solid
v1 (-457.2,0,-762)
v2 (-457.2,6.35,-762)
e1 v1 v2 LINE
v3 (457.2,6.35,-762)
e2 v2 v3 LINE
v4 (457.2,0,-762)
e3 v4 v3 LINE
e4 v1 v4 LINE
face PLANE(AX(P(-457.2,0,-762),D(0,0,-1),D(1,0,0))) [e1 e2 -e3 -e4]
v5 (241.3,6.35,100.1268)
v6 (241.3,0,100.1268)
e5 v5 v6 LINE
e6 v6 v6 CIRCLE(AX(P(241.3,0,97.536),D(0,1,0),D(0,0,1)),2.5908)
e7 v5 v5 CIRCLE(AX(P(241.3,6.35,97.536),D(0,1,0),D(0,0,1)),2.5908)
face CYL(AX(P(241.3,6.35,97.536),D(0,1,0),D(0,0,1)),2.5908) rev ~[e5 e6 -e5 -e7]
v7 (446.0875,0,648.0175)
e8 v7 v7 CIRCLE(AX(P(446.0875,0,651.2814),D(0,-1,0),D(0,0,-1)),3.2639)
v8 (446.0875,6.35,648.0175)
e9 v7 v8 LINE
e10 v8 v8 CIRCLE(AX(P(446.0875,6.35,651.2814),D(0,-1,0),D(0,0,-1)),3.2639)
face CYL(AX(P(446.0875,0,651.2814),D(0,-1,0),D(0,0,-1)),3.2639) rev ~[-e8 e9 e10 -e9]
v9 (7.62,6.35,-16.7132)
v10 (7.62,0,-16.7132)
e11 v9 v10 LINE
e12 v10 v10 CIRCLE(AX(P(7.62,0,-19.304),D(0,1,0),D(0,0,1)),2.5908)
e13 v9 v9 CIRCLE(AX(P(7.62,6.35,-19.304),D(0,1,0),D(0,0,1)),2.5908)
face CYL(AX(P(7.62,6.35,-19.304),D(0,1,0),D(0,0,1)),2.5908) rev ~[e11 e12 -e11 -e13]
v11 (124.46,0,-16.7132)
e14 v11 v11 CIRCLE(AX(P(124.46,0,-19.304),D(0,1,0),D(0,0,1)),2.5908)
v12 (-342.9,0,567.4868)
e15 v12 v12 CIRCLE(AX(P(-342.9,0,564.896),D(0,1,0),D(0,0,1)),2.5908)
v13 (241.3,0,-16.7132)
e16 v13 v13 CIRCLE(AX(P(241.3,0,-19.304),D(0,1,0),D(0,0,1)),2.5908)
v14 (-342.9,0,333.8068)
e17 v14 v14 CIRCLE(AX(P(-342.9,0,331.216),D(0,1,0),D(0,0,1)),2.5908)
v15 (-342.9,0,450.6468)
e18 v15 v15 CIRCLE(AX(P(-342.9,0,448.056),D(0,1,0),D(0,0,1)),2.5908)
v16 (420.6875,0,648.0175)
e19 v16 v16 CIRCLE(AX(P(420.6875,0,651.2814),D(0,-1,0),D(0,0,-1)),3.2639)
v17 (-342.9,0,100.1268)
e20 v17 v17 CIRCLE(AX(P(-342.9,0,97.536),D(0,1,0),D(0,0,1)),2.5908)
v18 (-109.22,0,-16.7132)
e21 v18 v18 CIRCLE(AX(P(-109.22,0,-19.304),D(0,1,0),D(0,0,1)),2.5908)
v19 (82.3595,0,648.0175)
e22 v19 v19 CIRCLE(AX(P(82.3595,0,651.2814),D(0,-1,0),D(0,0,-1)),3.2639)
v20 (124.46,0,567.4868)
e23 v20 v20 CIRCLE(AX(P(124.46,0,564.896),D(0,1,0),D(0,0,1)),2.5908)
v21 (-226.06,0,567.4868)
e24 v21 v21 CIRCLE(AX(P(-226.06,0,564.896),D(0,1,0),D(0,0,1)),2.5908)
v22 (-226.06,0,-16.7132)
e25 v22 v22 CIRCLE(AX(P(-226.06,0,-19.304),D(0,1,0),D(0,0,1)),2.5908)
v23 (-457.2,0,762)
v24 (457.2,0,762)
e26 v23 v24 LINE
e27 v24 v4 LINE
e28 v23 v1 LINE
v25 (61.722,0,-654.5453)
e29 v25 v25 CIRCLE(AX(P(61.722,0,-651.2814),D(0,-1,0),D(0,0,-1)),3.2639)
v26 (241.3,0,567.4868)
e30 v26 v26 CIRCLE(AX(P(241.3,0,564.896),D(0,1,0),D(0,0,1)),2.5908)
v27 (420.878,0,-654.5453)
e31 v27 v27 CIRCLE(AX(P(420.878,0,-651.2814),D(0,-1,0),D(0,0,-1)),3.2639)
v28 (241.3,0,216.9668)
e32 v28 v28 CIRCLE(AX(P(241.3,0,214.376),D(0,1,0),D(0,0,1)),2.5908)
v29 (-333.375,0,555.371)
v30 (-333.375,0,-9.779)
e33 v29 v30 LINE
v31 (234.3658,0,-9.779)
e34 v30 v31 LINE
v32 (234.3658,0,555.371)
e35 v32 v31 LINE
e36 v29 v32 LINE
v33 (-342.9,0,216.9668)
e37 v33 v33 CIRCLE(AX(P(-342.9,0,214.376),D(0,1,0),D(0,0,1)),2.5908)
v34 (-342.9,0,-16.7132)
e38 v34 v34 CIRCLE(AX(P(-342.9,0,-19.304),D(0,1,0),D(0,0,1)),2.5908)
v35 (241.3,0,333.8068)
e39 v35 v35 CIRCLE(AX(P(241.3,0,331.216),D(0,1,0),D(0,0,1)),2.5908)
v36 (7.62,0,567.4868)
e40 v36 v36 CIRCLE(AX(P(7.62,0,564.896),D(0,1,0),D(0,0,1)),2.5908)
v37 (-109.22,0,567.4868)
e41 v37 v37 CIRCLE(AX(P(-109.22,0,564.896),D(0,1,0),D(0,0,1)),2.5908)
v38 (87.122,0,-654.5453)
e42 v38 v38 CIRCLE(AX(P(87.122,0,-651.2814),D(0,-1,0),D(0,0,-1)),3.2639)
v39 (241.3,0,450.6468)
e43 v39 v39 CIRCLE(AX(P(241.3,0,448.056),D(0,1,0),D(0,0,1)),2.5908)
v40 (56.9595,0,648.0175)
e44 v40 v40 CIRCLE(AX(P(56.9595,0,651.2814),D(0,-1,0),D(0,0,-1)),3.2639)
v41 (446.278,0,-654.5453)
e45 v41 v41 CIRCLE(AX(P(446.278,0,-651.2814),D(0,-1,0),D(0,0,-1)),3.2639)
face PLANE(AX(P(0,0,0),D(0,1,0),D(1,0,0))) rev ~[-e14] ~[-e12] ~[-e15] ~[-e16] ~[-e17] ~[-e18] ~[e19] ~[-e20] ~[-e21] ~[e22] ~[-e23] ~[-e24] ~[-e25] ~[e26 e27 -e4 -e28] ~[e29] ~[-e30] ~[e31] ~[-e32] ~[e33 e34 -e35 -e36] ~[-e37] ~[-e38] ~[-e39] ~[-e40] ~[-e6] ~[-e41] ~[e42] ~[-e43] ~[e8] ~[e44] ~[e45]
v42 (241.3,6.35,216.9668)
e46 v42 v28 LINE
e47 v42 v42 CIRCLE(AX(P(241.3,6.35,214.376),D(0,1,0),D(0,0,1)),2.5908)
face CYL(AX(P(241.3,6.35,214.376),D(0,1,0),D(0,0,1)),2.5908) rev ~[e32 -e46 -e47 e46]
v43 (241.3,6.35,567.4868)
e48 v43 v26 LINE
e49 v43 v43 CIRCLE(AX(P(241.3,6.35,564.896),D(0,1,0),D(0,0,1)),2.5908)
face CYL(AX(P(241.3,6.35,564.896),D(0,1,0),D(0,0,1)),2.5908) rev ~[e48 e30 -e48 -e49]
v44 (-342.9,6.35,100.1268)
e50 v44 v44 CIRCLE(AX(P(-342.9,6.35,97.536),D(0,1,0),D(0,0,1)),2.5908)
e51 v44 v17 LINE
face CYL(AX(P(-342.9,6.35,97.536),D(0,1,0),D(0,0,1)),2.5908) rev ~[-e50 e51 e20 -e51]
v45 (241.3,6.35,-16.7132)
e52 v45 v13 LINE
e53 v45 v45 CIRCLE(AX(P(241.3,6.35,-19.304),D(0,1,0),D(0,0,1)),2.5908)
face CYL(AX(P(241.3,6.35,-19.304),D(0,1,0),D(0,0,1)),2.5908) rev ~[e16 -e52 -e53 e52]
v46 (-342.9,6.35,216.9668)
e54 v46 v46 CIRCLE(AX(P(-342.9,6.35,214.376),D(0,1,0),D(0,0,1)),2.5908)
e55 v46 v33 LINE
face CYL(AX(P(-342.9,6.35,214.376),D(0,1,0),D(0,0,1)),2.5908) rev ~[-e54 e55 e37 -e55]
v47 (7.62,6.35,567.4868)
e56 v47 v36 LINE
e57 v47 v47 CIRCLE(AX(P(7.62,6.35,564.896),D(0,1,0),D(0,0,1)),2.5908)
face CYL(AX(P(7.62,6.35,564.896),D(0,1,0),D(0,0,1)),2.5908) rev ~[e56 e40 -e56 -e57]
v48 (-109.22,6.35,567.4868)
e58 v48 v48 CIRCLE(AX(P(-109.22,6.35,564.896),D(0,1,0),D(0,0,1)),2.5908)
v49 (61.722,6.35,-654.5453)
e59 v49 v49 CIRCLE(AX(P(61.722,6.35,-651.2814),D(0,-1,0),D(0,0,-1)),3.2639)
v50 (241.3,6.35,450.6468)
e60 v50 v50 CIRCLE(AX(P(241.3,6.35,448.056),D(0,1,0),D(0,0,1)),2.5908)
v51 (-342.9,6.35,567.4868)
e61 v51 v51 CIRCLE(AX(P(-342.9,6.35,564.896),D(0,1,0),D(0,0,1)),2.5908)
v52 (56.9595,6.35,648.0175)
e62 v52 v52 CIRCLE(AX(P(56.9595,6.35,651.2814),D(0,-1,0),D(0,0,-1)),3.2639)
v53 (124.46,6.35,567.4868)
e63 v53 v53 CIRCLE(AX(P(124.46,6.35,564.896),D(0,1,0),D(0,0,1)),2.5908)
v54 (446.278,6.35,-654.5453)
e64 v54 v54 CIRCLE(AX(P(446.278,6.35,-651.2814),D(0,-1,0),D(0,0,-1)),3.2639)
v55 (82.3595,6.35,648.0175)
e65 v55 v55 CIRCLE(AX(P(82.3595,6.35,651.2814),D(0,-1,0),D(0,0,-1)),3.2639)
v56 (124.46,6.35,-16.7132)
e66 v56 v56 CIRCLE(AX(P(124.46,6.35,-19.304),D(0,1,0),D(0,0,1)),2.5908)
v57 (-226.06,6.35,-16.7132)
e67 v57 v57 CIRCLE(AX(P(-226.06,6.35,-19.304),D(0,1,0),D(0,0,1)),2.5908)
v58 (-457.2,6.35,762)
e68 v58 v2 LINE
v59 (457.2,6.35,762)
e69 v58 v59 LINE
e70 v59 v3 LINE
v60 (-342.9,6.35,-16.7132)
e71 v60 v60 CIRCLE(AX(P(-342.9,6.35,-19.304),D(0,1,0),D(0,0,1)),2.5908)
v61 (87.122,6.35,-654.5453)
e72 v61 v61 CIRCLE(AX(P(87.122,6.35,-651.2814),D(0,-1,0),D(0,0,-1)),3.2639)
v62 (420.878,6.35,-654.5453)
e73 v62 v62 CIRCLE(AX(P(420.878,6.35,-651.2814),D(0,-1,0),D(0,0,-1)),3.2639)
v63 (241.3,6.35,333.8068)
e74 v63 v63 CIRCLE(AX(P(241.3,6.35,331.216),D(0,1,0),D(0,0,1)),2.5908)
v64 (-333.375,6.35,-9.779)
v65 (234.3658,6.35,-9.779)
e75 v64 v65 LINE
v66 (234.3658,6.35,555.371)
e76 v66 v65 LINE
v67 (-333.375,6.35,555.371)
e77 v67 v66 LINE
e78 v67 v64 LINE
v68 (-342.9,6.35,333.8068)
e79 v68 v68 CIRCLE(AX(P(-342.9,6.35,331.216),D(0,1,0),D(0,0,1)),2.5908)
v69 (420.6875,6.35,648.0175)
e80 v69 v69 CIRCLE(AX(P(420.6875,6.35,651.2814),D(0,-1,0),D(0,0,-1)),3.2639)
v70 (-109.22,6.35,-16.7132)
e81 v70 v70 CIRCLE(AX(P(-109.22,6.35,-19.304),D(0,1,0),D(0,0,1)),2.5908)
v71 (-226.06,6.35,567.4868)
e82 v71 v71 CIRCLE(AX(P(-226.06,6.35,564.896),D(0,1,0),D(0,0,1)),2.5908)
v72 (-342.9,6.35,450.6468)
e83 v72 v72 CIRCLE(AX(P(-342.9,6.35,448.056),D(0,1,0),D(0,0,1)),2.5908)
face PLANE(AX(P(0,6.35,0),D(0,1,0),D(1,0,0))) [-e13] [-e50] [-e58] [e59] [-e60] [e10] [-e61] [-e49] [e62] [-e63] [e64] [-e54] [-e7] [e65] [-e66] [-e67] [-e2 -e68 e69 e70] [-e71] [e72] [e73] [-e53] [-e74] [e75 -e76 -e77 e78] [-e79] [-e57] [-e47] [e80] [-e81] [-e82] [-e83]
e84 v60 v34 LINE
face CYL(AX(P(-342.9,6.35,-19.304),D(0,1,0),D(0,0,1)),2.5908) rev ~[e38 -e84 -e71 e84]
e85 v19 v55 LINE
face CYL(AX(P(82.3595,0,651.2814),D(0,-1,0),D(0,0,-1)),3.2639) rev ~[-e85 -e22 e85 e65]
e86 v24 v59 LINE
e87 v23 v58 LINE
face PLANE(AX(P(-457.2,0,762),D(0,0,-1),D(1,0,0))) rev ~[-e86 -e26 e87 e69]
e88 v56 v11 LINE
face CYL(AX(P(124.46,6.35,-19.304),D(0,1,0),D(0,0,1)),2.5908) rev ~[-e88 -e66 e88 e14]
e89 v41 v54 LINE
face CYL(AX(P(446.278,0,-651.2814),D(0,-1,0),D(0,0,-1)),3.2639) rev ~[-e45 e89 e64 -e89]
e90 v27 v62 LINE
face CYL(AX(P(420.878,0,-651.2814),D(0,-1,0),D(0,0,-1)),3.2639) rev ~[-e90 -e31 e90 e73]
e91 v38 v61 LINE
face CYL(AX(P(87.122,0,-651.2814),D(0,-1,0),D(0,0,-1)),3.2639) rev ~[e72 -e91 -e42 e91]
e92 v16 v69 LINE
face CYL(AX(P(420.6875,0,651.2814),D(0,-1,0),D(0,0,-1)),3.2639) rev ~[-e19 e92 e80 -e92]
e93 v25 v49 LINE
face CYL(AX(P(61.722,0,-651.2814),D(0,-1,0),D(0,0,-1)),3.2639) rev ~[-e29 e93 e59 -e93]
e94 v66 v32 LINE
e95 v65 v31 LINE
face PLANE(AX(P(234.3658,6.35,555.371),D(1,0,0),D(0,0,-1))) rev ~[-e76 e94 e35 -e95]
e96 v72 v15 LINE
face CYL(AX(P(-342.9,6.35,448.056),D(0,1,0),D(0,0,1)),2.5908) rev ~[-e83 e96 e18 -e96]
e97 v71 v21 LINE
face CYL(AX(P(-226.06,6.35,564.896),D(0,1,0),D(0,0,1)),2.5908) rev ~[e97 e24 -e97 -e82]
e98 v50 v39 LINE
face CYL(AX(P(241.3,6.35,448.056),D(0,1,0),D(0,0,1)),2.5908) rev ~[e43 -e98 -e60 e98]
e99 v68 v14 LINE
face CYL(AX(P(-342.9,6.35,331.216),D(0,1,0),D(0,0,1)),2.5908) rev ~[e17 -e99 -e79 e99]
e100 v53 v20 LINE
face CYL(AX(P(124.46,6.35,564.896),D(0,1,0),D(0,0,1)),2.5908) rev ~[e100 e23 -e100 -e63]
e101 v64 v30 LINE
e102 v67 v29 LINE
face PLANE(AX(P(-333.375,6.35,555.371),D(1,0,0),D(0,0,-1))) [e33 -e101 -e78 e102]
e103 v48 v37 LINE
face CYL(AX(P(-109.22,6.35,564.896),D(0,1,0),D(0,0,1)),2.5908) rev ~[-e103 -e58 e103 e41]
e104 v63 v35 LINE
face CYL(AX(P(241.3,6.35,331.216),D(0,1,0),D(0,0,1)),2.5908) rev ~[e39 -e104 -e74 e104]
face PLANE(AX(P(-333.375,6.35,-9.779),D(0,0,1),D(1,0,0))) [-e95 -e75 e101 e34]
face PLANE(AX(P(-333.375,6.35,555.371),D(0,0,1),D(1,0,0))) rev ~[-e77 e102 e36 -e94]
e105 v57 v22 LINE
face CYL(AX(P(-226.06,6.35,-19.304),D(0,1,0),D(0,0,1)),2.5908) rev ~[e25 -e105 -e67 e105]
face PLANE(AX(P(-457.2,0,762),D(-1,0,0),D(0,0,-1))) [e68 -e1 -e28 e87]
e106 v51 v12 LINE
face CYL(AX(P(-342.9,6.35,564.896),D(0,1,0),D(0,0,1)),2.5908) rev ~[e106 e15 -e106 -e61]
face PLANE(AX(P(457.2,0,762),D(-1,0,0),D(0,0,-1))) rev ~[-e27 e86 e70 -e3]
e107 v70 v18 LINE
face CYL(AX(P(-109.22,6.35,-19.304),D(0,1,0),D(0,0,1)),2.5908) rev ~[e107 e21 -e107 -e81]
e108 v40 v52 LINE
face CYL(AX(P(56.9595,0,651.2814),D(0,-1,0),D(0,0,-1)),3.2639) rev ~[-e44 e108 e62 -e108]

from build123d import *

# Parameters (mm, degrees)
SKETCH1_W           = 914.4
SKETCH1_H           = 1524
BOSS_EXTRUDE1_DEPTH = 6.35
SKETCH2_R           = 3.2639
CUT_EXTRUDE1_DEPTH  = 889.659756318
SKETCH3_W           = 567.7408
SKETCH3_H           = 565.15
SKETCH3_R           = 2.5908
CUT_EXTRUDE2_DEPTH  = 889.659756318


with BuildPart() as part:
    # Sketch1 → Boss-Extrude1 (new body)
    with BuildSketch(Plane(origin=(0, 0, 0), x_dir=(1, 0, 0), z_dir=(0, 1, 0))):
        Rectangle(SKETCH1_W, SKETCH1_H)
    extrude(amount=BOSS_EXTRUDE1_DEPTH)

    # Sketch2 → Cut-Extrude1 (cut, through all)
    with BuildSketch(Plane.XZ):
        with Locations((56.9595, 651.2814)):
            Circle(SKETCH2_R)
        with Locations((82.3595, 651.2814)):
            Circle(SKETCH2_R)
        with Locations((446.0875, 651.2814)):
            Circle(SKETCH2_R)
        with Locations((420.6875, 651.2814)):
            Circle(SKETCH2_R)
        with Locations((61.722, -651.2814)):
            Circle(SKETCH2_R)
        with Locations((87.122, -651.2814)):
            Circle(SKETCH2_R)
        with Locations((420.878, -651.2814)):
            Circle(SKETCH2_R)
        with Locations((446.278, -651.2814)):
            Circle(SKETCH2_R)
    extrude(amount=-CUT_EXTRUDE1_DEPTH, mode=Mode.SUBTRACT)

    # Sketch3 → Cut-Extrude2 (cut, through all)
    with BuildSketch(Plane(origin=(0, 6.35, 0), x_dir=(1, 0, 0), z_dir=(0, 1, 0))):
        with Locations((-49.5046, -272.796)):
            Rectangle(SKETCH3_W, SKETCH3_H)
        with Locations((241.3, 19.304)):
            Circle(SKETCH3_R)
        with Locations((241.3, -97.536)):
            Circle(SKETCH3_R)
        with Locations((241.3, -214.376)):
            Circle(SKETCH3_R)
        with Locations((241.3, -331.216)):
            Circle(SKETCH3_R)
        with Locations((241.3, -448.056)):
            Circle(SKETCH3_R)
        with Locations((241.3, -564.896)):
            Circle(SKETCH3_R)
        with Locations((-342.9, -564.896)):
            Circle(SKETCH3_R)
        with Locations((-226.06, -564.896)):
            Circle(SKETCH3_R)
        with Locations((-109.22, -564.896)):
            Circle(SKETCH3_R)
        with Locations((7.62, -564.896)):
            Circle(SKETCH3_R)
        with Locations((124.46, -564.896)):
            Circle(SKETCH3_R)
        with Locations((-342.9, -448.056)):
            Circle(SKETCH3_R)
        with Locations((-342.9, -331.216)):
            Circle(SKETCH3_R)
        with Locations((-342.9, -214.376)):
            Circle(SKETCH3_R)
        with Locations((-342.9, -97.536)):
            Circle(SKETCH3_R)
        with Locations((124.46, 19.304)):
            Circle(SKETCH3_R)
        with Locations((7.62, 19.304)):
            Circle(SKETCH3_R)
        with Locations((-109.22, 19.304)):
            Circle(SKETCH3_R)
        with Locations((-226.06, 19.304)):
            Circle(SKETCH3_R)
        with Locations((-342.9, 19.304)):
            Circle(SKETCH3_R)
    extrude(amount=-CUT_EXTRUDE2_DEPTH, mode=Mode.SUBTRACT)


solid = part.part
